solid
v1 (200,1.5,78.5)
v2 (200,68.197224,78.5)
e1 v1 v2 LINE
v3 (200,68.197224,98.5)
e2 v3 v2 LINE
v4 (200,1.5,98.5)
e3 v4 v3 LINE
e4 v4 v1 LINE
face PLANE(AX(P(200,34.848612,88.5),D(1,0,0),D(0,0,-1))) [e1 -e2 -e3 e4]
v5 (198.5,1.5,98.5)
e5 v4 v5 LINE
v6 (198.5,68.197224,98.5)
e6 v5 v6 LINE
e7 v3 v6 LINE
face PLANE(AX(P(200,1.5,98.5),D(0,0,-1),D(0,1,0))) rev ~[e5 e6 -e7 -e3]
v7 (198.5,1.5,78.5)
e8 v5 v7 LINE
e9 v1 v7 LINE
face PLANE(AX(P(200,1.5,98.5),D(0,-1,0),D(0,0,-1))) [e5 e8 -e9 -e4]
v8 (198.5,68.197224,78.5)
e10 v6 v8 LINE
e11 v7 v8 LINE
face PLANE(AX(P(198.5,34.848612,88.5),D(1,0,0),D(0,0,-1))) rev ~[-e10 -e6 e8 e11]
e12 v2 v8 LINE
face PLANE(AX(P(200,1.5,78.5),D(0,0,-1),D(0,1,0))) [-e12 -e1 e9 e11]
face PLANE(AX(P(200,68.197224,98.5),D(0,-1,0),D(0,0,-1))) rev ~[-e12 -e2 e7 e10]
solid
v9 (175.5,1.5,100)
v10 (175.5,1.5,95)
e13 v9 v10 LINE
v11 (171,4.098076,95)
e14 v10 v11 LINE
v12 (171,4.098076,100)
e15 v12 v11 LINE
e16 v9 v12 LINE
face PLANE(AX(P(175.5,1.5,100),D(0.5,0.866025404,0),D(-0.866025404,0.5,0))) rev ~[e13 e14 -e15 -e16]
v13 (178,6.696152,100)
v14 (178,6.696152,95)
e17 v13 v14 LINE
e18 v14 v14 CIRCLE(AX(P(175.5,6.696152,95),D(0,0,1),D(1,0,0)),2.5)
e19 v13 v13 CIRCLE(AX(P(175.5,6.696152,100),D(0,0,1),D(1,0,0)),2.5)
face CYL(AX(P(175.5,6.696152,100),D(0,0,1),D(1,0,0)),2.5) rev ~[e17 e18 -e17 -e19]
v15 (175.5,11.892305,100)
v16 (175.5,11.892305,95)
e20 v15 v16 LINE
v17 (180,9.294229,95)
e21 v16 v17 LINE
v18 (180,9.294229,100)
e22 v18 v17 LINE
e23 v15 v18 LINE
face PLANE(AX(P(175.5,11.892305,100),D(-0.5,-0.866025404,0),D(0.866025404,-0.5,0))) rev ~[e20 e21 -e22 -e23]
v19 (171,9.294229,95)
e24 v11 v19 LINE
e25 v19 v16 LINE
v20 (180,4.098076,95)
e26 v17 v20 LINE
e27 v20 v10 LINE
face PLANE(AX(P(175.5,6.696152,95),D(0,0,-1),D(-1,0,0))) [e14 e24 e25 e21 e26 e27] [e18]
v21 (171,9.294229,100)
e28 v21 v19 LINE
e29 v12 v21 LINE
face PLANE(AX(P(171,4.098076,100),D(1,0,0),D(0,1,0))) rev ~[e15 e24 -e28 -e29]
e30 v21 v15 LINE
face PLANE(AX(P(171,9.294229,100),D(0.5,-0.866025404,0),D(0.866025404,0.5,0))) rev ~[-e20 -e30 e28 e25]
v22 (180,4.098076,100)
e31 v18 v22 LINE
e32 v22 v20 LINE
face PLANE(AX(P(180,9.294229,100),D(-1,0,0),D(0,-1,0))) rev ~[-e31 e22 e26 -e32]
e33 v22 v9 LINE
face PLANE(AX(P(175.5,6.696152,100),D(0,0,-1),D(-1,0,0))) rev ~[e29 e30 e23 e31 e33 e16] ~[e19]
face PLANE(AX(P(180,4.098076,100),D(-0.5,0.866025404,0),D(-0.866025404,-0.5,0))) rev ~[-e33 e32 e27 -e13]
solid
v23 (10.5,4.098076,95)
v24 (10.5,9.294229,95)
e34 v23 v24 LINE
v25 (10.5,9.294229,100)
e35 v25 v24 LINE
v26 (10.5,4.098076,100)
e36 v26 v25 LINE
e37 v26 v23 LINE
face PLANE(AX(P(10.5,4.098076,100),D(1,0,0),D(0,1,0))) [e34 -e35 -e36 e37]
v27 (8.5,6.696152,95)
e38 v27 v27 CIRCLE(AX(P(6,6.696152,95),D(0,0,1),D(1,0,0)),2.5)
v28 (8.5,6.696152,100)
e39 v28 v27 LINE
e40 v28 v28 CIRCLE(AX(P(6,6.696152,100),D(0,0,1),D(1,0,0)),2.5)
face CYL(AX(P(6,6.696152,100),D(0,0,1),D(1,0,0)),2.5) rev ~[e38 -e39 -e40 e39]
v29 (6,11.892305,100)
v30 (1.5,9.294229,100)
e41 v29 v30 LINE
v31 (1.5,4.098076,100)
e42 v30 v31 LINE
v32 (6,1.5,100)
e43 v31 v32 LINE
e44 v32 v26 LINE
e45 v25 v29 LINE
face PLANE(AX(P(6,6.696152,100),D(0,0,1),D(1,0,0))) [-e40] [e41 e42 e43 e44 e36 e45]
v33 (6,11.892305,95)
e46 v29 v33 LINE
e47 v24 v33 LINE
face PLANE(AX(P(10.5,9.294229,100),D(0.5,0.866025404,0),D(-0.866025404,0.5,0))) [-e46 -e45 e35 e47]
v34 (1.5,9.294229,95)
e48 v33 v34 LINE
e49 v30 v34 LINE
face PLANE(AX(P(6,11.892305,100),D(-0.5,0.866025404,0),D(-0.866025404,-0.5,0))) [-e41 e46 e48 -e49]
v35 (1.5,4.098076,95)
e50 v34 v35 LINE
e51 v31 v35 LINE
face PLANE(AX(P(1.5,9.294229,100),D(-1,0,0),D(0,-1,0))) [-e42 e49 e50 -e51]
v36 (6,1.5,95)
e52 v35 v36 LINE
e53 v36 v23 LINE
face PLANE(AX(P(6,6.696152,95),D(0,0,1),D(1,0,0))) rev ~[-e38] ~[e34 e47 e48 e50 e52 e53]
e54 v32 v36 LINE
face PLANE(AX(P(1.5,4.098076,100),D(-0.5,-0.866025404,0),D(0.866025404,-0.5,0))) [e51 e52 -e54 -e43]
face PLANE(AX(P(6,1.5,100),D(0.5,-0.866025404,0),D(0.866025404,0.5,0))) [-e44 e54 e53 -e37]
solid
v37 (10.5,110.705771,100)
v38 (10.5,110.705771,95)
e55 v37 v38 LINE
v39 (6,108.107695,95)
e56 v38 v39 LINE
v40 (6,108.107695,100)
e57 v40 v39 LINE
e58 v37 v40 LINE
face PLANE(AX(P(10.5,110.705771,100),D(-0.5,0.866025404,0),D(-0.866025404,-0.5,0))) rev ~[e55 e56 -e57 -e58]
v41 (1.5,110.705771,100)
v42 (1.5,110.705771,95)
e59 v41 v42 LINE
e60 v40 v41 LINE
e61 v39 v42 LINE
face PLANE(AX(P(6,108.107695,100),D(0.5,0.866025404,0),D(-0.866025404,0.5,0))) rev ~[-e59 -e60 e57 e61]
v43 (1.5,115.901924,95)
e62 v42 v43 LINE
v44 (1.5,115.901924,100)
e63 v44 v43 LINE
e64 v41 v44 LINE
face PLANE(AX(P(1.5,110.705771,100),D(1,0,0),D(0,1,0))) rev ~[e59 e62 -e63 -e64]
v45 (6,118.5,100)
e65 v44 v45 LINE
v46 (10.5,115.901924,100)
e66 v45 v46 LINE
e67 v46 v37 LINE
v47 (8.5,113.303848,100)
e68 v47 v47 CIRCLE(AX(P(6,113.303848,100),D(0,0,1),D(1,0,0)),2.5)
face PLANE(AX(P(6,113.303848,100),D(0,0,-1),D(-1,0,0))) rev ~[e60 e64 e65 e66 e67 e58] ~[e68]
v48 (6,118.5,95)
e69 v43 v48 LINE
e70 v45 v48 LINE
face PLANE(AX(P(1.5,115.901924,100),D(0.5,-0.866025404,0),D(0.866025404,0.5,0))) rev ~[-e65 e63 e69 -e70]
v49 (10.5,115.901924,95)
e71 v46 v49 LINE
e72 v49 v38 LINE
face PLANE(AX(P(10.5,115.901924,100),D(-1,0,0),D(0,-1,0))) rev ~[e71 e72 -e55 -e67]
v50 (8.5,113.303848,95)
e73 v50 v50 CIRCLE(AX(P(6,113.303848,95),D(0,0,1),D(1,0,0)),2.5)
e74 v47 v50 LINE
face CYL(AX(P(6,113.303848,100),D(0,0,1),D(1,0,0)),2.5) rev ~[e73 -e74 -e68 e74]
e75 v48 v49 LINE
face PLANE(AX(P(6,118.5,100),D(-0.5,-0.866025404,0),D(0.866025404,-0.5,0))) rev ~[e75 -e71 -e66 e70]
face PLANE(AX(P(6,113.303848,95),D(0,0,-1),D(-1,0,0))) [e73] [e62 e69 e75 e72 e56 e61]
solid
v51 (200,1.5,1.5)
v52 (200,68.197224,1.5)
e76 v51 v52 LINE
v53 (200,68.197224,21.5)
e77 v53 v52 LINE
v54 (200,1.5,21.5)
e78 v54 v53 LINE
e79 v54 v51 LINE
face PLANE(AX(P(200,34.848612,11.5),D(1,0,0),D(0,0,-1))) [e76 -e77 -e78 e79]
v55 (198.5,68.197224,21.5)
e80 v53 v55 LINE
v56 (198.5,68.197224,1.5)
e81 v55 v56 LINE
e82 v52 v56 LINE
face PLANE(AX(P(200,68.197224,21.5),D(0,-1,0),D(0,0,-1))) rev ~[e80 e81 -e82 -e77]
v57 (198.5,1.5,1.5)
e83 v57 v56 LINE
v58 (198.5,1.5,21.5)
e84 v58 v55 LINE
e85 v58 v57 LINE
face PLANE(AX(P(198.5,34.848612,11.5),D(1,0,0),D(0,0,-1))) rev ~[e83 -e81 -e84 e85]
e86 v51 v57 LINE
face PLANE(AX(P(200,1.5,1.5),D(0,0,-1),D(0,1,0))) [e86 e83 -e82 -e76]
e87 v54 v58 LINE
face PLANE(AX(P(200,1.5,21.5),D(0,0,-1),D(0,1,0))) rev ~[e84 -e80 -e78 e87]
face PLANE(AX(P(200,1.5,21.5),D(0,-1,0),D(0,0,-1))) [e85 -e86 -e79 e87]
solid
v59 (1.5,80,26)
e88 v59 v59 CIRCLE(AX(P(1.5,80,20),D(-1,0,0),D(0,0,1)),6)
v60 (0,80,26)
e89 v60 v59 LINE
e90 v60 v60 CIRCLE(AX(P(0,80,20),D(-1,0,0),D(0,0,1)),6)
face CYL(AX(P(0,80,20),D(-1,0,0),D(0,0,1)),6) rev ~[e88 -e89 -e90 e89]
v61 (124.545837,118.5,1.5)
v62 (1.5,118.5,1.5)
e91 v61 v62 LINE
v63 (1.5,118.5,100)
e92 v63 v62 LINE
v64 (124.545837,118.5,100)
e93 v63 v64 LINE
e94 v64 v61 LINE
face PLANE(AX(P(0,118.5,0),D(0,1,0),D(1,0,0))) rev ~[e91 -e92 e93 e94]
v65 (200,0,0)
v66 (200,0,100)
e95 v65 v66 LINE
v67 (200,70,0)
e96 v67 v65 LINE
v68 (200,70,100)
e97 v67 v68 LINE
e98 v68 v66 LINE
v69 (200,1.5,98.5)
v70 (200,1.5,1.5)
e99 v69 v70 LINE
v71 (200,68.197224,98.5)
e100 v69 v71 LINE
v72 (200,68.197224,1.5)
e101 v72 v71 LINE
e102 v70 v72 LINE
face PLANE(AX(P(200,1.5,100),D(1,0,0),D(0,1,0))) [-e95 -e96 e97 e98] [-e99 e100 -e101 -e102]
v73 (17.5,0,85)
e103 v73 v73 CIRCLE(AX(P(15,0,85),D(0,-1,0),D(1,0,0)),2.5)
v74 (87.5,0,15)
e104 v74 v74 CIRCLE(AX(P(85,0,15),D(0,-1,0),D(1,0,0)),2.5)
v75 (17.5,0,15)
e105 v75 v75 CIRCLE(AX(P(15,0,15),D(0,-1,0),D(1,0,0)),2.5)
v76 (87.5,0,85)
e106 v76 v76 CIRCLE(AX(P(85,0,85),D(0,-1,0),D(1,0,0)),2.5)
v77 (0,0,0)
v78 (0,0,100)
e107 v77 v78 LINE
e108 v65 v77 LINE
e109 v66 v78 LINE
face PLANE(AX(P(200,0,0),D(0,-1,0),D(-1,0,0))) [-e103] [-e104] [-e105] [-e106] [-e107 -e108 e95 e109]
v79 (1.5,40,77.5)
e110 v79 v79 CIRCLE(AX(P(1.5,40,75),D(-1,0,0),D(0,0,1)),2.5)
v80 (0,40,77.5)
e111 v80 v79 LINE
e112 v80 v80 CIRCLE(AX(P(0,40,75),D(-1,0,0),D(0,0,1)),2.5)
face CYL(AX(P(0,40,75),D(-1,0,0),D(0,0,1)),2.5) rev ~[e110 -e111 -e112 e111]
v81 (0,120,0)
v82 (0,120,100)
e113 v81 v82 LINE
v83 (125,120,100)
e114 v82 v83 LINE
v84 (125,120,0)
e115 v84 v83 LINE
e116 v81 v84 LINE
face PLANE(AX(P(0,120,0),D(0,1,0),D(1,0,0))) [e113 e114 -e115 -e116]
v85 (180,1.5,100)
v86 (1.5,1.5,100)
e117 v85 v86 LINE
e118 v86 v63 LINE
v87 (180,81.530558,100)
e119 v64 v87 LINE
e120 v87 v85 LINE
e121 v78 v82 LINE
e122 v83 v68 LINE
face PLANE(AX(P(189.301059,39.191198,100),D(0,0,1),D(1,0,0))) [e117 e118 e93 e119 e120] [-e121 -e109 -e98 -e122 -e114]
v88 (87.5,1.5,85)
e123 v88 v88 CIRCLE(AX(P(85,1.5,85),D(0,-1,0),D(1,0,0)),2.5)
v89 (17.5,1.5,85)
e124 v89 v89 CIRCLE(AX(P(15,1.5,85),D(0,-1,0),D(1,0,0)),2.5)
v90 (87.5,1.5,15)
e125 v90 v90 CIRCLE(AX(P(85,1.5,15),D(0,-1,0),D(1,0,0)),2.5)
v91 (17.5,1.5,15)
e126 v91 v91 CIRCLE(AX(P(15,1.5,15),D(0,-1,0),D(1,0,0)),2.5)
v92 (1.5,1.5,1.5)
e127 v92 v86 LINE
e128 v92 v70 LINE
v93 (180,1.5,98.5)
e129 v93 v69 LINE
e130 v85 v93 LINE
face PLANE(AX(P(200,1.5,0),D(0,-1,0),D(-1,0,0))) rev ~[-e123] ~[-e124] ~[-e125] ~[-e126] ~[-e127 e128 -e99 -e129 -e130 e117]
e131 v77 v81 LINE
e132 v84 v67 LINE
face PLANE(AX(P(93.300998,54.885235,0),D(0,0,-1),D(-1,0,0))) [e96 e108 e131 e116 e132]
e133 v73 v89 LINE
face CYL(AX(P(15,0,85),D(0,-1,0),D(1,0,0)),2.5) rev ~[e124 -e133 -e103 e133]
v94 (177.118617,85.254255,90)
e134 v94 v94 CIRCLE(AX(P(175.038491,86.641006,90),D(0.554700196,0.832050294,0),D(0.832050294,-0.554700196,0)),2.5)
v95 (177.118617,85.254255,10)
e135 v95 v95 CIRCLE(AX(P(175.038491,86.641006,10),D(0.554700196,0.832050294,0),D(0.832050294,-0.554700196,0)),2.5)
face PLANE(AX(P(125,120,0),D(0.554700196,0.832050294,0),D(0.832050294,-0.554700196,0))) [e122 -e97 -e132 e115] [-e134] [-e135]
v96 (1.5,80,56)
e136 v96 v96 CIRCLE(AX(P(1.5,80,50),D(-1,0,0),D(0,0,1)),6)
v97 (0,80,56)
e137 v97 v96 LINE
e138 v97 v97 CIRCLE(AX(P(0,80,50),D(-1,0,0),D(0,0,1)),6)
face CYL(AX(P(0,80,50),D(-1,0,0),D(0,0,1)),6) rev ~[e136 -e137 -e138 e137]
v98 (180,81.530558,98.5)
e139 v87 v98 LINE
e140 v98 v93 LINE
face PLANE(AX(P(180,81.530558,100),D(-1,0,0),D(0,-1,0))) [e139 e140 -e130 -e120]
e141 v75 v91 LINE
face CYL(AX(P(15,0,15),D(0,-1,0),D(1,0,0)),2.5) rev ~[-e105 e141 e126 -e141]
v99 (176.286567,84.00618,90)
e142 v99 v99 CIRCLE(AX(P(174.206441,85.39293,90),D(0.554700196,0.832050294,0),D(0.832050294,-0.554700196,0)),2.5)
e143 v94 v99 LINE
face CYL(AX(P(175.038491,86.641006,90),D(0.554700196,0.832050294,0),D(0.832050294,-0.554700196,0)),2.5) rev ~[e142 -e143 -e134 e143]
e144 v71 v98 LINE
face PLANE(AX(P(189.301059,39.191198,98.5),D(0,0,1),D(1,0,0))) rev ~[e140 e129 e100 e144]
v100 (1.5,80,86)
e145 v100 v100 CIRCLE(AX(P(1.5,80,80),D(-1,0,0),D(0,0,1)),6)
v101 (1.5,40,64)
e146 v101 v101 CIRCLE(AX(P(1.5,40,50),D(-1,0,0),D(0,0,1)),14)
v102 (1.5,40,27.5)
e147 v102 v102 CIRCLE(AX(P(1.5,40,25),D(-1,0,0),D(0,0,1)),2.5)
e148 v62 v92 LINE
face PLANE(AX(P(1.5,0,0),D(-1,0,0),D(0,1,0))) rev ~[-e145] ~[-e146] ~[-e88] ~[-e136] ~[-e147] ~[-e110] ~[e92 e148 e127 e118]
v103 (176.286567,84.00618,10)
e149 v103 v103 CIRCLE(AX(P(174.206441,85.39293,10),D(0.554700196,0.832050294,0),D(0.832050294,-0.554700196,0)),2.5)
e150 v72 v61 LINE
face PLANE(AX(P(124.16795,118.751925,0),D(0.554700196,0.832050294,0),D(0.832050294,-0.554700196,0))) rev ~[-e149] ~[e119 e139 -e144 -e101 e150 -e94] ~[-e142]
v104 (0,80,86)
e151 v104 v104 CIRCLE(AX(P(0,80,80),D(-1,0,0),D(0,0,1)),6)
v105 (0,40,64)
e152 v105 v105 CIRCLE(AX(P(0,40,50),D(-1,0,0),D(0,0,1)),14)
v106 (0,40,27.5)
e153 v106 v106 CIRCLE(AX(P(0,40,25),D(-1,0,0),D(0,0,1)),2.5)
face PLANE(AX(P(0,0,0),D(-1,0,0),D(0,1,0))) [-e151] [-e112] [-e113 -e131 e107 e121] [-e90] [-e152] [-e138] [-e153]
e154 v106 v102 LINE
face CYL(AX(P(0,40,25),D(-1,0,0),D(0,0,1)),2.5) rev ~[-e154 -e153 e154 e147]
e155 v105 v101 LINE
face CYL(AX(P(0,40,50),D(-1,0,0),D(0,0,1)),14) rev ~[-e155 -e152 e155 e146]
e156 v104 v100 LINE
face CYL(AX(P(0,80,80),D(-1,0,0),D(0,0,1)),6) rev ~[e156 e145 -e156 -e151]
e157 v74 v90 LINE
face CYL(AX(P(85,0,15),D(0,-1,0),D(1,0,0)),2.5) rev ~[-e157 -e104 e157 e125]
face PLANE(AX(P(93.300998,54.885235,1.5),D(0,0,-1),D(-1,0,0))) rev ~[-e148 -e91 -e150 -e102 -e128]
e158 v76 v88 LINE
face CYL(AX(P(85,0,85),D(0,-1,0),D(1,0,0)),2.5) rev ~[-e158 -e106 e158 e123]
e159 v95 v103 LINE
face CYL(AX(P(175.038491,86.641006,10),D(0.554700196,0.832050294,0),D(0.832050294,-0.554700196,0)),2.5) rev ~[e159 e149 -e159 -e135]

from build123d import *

# Parameters (mm, degrees)
BOSS_EXTRUDE1_DEPTH   = 100
SHELL1_T              = -1.5
BOSS_EXTRUDE2_DEPTH   = 1.5
SKETCH3_W             = 20
SKETCH3_H             = 66.697224362
BOSS_EXTRUDE7_DEPTH   = 1.5
BOSS_EXTRUDE7_2_DEPTH = 1.5
SKETCH4_R             = 14
SKETCH4_R_2           = 6
SKETCH4_R_3           = 2.5
CUT_EXTRUDE1_DEPTH    = 1.5
SKETCH5_R             = 2.5
CUT_EXTRUDE2_DEPTH    = 1.5
SKETCH6_R             = 2.5
BOSS_EXTRUDE8_DEPTH   = 5
BOSS_EXTRUDE8_2_DEPTH = 5
BOSS_EXTRUDE8_3_DEPTH = 5
SKETCH8_R             = 2.5
CUT_EXTRUDE3_DEPTH    = 1.5


with BuildPart() as part:
    # Sketch1 → Boss-Extrude1 (new body)
    with BuildSketch(Plane.XY):
        Polygon((0, 0), (0, 120), (125, 120), (200, 70), (200, 0), align=None)
    extrude(amount=BOSS_EXTRUDE1_DEPTH)

    # Shell1
    shell1_openings = [part.faces().sort_by_distance(p)[0] for p in [
        (105, 62, 100),
        (200, 35, 50),
    ]]
    offset(amount=SHELL1_T, openings=shell1_openings, kind=Kind.INTERSECTION)

    # Sketch2 → Boss-Extrude2 (add)
    with BuildSketch(Plane.XY.offset(100)):
        Polygon((200, 1.5), (200, 68.197224362), (180, 81.530557696), (180, 1.5), align=None)
    extrude(amount=-BOSS_EXTRUDE2_DEPTH)

    # Sketch4 → Cut-Extrude1 (cut)
    with BuildSketch(Plane.ZY):
        with Locations((50, 40)):
            Circle(SKETCH4_R)
        with Locations((20, 80)):
            Circle(SKETCH4_R_2)
        with Locations((80, 80)):
            Circle(SKETCH4_R_2)
        with Locations((25, 40)):
            Circle(SKETCH4_R_3)
        with Locations((75, 40)):
            Circle(SKETCH4_R_3)
        with Locations((50, 80)):
            Circle(SKETCH4_R_2)
    extrude(amount=-CUT_EXTRUDE1_DEPTH, mode=Mode.SUBTRACT)

    # Sketch5 → Cut-Extrude2 (cut)
    with BuildSketch(Plane(origin=(93.846153846, 140.769230769, 0), x_dir=(0.832050294, -0.554700196, 0), z_dir=(0.554700196, 0.832050294, 0))):
        with Locations((97.581045132, -10)):
            Circle(SKETCH5_R)
        with Locations((97.581045132, -90)):
            Circle(SKETCH5_R)
    extrude(amount=-CUT_EXTRUDE2_DEPTH, mode=Mode.SUBTRACT)

    # Sketch8 → Cut-Extrude3 (cut)
    with BuildSketch(Plane.XZ):
        with Locations((15, 85)):
            Circle(SKETCH8_R)
        with Locations((85, 85)):
            Circle(SKETCH8_R)
        with Locations((15, 15)):
            Circle(SKETCH8_R)
        with Locations((85, 15)):
            Circle(SKETCH8_R)
    extrude(amount=-CUT_EXTRUDE3_DEPTH, mode=Mode.SUBTRACT)


with BuildPart() as body_2:
    # Sketch3 → Boss-Extrude7 (new body)
    with BuildSketch(Plane(origin=(200, 0, 0), x_dir=(0, 0, -1), z_dir=(1, 0, 0))):
        with Locations((-11.5, 34.848612181)):
            Rectangle(SKETCH3_W, SKETCH3_H)
    extrude(amount=-BOSS_EXTRUDE7_DEPTH)


with BuildPart() as body_3:
    # Sketch3 → Boss-Extrude7 2 (new body)
    with BuildSketch(Plane(origin=(200, 0, 0), x_dir=(0, 0, -1), z_dir=(1, 0, 0))):
        with Locations((-88.5, 34.848612181)):
            Rectangle(SKETCH3_W, SKETCH3_H)
    extrude(amount=-BOSS_EXTRUDE7_2_DEPTH)


with BuildPart() as body_4:
    # Sketch6 → Boss-Extrude8 (new body)
    with BuildSketch(Plane.XY.offset(100)):
        Polygon((6, 1.5), (10.5, 4.098076211), (10.5, 9.294228634), (6, 11.892304845), (1.5, 9.294228634), (1.5, 4.098076211), align=None)
        with Locations((6, 6.696152423)):
            Circle(SKETCH6_R, mode=Mode.SUBTRACT)
    extrude(amount=-BOSS_EXTRUDE8_DEPTH)


with BuildPart() as body_5:
    # Sketch6 → Boss-Extrude8 2 (new body)
    with BuildSketch(Plane.XY.offset(100)):
        Polygon((10.5, 115.901923789), (10.5, 110.705771366), (6, 108.107695155), (1.5, 110.705771366), (1.5, 115.901923789), (6, 118.5), align=None)
        with Locations((6, 113.303847577)):
            Circle(SKETCH6_R, mode=Mode.SUBTRACT)
    extrude(amount=-BOSS_EXTRUDE8_2_DEPTH)


with BuildPart() as body_6:
    # Sketch6 → Boss-Extrude8 3 (new body)
    with BuildSketch(Plane.XY.offset(100)):
        Polygon((180, 4.098076211), (175.5, 1.5), (171, 4.098076211), (171, 9.294228634), (175.5, 11.892304845), (180, 9.294228634), align=None)
        with Locations((175.5, 6.696152423)):
            Circle(SKETCH6_R, mode=Mode.SUBTRACT)
    extrude(amount=-BOSS_EXTRUDE8_3_DEPTH)


solid = Compound([part.part, body_2.part, body_3.part, body_4.part, body_5.part, body_6.part])
